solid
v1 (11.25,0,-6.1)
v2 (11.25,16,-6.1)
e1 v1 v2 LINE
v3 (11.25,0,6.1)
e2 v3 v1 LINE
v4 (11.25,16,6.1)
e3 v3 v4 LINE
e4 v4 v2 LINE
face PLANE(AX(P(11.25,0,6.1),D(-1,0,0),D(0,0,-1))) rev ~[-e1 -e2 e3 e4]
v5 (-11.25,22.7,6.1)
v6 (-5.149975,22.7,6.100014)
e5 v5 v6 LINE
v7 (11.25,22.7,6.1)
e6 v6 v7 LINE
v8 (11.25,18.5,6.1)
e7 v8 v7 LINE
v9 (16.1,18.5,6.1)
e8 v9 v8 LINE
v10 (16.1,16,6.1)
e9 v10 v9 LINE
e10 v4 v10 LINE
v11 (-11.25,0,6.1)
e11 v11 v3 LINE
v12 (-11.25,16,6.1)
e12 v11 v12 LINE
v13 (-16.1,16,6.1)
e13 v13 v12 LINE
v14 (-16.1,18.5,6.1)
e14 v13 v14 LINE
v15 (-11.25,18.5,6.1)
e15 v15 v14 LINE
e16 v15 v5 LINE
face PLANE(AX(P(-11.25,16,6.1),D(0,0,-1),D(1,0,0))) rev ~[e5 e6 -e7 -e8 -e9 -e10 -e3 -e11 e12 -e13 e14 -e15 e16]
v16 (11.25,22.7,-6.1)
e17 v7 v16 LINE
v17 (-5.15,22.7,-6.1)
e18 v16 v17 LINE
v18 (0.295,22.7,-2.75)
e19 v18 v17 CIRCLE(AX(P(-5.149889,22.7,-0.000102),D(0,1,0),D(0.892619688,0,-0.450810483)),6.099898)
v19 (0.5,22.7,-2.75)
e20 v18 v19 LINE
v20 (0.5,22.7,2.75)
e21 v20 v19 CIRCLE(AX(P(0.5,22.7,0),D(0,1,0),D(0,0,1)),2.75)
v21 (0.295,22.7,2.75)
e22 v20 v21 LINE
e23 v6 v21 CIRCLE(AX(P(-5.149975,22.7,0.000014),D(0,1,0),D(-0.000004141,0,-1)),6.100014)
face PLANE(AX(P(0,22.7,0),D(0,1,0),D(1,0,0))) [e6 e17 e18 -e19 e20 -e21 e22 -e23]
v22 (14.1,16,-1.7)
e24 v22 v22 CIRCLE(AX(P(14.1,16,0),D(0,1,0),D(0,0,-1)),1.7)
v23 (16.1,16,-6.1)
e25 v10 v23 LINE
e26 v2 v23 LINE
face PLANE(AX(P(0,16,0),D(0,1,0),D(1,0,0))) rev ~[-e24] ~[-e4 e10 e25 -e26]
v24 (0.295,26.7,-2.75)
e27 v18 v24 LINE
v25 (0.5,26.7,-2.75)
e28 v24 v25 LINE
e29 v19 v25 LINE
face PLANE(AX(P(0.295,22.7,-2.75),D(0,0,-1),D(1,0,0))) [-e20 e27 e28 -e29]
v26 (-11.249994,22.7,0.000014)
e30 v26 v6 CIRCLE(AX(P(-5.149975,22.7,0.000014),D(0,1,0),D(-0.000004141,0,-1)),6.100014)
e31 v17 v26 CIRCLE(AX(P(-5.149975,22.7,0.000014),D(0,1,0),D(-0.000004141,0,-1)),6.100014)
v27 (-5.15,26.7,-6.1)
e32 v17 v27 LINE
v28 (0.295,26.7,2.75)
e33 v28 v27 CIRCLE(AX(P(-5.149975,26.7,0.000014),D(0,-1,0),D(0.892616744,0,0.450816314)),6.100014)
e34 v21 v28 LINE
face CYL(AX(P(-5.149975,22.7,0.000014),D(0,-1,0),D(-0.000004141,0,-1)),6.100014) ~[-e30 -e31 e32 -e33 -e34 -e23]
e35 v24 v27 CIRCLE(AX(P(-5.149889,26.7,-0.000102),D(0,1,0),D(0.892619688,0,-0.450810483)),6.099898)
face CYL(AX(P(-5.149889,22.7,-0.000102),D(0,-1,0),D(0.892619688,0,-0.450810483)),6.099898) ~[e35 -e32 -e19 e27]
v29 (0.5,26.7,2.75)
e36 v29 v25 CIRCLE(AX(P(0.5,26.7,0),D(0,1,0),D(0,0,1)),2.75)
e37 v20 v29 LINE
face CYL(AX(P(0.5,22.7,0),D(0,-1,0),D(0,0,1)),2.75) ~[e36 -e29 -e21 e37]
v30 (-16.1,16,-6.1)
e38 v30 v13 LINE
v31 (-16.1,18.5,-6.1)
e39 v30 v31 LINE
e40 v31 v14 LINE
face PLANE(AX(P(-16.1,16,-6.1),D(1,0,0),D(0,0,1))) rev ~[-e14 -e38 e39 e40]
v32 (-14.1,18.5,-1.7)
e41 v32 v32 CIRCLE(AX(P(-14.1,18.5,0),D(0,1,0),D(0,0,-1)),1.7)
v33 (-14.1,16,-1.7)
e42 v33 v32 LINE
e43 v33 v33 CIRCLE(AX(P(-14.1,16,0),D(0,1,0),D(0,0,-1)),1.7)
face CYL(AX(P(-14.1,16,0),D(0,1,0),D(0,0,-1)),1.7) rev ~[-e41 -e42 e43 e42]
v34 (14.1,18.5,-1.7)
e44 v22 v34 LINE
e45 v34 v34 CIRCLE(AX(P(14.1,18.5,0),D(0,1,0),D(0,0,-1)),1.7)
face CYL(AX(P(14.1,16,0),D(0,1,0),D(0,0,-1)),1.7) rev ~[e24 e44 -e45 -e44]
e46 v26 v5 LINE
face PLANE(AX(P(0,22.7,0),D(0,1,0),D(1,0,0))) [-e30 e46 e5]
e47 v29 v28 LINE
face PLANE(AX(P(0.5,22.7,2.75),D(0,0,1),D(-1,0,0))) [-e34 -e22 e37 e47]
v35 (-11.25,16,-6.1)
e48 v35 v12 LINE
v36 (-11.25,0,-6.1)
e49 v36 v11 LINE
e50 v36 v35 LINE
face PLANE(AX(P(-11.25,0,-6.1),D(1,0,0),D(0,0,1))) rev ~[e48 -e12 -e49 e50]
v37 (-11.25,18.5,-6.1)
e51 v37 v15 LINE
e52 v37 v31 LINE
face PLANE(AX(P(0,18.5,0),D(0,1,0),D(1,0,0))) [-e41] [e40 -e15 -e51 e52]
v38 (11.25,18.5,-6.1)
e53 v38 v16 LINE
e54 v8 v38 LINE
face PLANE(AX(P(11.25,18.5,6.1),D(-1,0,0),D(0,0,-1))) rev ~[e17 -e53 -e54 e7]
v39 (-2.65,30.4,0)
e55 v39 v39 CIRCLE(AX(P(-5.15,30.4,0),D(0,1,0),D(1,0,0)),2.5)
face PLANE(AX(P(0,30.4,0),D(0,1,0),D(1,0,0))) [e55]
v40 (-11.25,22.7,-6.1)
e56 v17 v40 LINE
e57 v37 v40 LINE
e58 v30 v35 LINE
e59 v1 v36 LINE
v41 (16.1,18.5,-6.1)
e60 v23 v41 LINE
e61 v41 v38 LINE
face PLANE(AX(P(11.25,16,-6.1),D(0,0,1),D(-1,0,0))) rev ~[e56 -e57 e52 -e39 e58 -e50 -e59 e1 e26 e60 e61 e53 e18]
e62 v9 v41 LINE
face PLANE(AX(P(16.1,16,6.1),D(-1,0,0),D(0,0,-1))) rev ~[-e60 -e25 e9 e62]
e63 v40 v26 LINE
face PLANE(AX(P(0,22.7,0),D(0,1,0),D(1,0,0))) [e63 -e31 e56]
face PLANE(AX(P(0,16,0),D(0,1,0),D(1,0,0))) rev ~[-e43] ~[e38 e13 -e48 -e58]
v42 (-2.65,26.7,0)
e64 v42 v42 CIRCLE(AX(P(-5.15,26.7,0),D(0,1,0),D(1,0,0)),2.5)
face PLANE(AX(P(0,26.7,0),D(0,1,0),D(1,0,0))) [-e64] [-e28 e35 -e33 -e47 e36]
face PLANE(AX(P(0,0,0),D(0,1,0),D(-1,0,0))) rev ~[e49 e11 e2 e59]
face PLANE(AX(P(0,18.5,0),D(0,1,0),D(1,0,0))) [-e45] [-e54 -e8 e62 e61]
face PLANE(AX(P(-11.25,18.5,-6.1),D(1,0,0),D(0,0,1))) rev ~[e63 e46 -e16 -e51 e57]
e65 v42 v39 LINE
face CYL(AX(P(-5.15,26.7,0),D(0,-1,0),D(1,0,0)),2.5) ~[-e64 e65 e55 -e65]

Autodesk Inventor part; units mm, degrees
ref_plane "YZ Plane" through (0, 0, 0) normal (1, 0, 0) x (0, 1, 0)
ref_plane "XZ Plane" through (0, 0, 0) normal (0, 1, 0) x (-1, 0, 0)
ref_plane "XY Plane" through (0, 0, 0) normal (0, 0, 1) x (1, 0, 0)
sketch "Sketch1" plane through (0, 0, 0) normal (0, 1, 0) x (-1, 0, 0)
  line L0 (11.25, 6.1) -> (-11.25, 6.1)
  line L1 (-11.25, 6.1) -> (-11.25, -6.1)
  line L2 (-11.25, -6.1) -> (11.25, -6.1)
  line L3 (11.25, -6.1) -> (11.25, 6.1)
  line L4 (11.25, 6.1) -> (-11.25, -6.1) construction
  line L5 (-11.25, 6.1) -> (11.25, -6.1) construction
  point P0 (0, 0)
  dimension "d0" = 22.5
  dimension "d1" = 12.2
extrude "Extrusion1" add sketch "Sketch1" along normal blind 16
sketch "Sketch2" plane through (0, 16, 0) normal (0, 1, 0) x (1, 0, 0)
  line L0 (11.25, -6.1) -> (11.25, 6.1) construction
  line L1 (11.25, 6.1) -> (-11.25, 6.1) projected
  line L2 (-11.25, 6.1) -> (-11.25, -6.1) construction
  line L3 (-11.25, -6.1) -> (11.25, -6.1) projected
  line L4 (11.25, 6.1) -> (-11.25, 6.1) projected
  line L5 (-11.25, 6.1) -> (-16.1, 6.1)
  line L6 (-16.1, 6.1) -> (-16.1, -6.1)
  line L7 (-11.25, 6.1) -> (-11.25, -6.1) projected
  line L8 (-16.1, -6.1) -> (-11.25, -6.1)
  line L9 (11.25, -6.1) -> (11.25, 6.1) projected
  line L10 (11.25, -6.1) -> (16.1, -6.1)
  line L11 (16.1, -6.1) -> (16.1, 6.1)
  line L12 (16.1, 6.1) -> (11.25, 6.1)
  circle A0 centre (-14.1, 0) radius 1.4
  circle A1 centre (14.1, 0) radius 1.4
  line L13 (-11.25, -6.1) -> (11.25, -6.1) construction
  line L14 (0, -6.1) -> (0, 6.1) construction
  point P0 (0, 0)
  dimension "d5" = 32.2
  dimension "d6" = 2.8
  dimension "d7" = 2.8
  dimension "d8" = 31
extrude "Extrusion2" add sketch "Sketch2" along normal blind 2.5
sketch "Sketch3" plane through (0, 18.5, 0) normal (0, 1, 0) x (1, 0, 0)
  line L0 (11.25, -6.1) -> (11.25, 6.1) projected
  line L1 (-11.25, -6.1) -> (11.25, -6.1) projected
  line L2 (-11.25, 6.1) -> (-11.25, -6.1) projected
  line L3 (11.25, 6.1) -> (-11.25, 6.1) projected
  point P0 (0, 0)
extrude "Extrusion3" add sketch "Sketch3" along normal blind 4.2
sketch "Sketch4" plane through (0, 22.7, 0) normal (0, 1, 0) x (1, 0, 0)
  arc A0 (-5.15, 6.1) -> (0.295, -2.75) centre (-5.15, 0) ccw
  arc A1 (0.2987, 2.7426) -> (0.5, -2.75) centre (0.5, 0) ccw construction
  line L0 (11.25, 6.1) -> (-11.25, 6.1) projected
  line L1 (-11.25, 6.1) -> (-11.25, -6.1) projected
  line L2 (-11.25, -6.1) -> (11.25, -6.1) projected
  line L3 (11.25, -6.1) -> (11.25, 6.1) projected
  line L4 (0.295, 2.75) -> (0.5, 2.75)
  line L5 (0.5, -2.75) -> (0.295, -2.75)
  arc A2 (0.5, 2.75) -> (0.2987, 2.7426) centre (0.5, 0) ccw
  arc A3 (0.295, 2.75) -> (-5.15, 6.1) centre (-5.15, 0) ccw
  arc A4 (0.295, -2.75) -> (0.295, 2.75) centre (-5.15, 0) ccw construction
  arc A5 (0.5, -2.75) -> (0.5, 2.75) centre (0.5, 0) ccw
  point P0 (0, 0)
  dimension "d13" = 5.5
  dimension "d14" = 14.5
extrude "Extrusion4" add sketch "Sketch4" along normal blind 4 contours A3 L4 A5 L5 A0
sketch "Sketch5" plane through (0, 26.7, 0) normal (0, 1, 0) x (1, 0, 0)
  circle A0 centre (-5.15, 0) radius 2.5
  arc A1 (0.295, 2.75) -> (0.295, -2.75) centre (-5.15, 0) ccw projected
  point P0 (0, 0)
  dimension "d17" = 5
extrude "Extrusion5" add sketch "Sketch5" along normal blind 3.7
sketch "Sketch7" plane through (0, 16, 0) normal (0, -1, 0) x (1, 0, 0)
  point P0 (14.1, 0)
  point P1 (-14.1, 0)
hole "Hole2" at (14.1, 16, 0) at (-14.1, 16, 0) direction (0, 1, 0) diameter 3.4 end through all
properties part number "Motor_V1" material "Acetal Resin, Black"
